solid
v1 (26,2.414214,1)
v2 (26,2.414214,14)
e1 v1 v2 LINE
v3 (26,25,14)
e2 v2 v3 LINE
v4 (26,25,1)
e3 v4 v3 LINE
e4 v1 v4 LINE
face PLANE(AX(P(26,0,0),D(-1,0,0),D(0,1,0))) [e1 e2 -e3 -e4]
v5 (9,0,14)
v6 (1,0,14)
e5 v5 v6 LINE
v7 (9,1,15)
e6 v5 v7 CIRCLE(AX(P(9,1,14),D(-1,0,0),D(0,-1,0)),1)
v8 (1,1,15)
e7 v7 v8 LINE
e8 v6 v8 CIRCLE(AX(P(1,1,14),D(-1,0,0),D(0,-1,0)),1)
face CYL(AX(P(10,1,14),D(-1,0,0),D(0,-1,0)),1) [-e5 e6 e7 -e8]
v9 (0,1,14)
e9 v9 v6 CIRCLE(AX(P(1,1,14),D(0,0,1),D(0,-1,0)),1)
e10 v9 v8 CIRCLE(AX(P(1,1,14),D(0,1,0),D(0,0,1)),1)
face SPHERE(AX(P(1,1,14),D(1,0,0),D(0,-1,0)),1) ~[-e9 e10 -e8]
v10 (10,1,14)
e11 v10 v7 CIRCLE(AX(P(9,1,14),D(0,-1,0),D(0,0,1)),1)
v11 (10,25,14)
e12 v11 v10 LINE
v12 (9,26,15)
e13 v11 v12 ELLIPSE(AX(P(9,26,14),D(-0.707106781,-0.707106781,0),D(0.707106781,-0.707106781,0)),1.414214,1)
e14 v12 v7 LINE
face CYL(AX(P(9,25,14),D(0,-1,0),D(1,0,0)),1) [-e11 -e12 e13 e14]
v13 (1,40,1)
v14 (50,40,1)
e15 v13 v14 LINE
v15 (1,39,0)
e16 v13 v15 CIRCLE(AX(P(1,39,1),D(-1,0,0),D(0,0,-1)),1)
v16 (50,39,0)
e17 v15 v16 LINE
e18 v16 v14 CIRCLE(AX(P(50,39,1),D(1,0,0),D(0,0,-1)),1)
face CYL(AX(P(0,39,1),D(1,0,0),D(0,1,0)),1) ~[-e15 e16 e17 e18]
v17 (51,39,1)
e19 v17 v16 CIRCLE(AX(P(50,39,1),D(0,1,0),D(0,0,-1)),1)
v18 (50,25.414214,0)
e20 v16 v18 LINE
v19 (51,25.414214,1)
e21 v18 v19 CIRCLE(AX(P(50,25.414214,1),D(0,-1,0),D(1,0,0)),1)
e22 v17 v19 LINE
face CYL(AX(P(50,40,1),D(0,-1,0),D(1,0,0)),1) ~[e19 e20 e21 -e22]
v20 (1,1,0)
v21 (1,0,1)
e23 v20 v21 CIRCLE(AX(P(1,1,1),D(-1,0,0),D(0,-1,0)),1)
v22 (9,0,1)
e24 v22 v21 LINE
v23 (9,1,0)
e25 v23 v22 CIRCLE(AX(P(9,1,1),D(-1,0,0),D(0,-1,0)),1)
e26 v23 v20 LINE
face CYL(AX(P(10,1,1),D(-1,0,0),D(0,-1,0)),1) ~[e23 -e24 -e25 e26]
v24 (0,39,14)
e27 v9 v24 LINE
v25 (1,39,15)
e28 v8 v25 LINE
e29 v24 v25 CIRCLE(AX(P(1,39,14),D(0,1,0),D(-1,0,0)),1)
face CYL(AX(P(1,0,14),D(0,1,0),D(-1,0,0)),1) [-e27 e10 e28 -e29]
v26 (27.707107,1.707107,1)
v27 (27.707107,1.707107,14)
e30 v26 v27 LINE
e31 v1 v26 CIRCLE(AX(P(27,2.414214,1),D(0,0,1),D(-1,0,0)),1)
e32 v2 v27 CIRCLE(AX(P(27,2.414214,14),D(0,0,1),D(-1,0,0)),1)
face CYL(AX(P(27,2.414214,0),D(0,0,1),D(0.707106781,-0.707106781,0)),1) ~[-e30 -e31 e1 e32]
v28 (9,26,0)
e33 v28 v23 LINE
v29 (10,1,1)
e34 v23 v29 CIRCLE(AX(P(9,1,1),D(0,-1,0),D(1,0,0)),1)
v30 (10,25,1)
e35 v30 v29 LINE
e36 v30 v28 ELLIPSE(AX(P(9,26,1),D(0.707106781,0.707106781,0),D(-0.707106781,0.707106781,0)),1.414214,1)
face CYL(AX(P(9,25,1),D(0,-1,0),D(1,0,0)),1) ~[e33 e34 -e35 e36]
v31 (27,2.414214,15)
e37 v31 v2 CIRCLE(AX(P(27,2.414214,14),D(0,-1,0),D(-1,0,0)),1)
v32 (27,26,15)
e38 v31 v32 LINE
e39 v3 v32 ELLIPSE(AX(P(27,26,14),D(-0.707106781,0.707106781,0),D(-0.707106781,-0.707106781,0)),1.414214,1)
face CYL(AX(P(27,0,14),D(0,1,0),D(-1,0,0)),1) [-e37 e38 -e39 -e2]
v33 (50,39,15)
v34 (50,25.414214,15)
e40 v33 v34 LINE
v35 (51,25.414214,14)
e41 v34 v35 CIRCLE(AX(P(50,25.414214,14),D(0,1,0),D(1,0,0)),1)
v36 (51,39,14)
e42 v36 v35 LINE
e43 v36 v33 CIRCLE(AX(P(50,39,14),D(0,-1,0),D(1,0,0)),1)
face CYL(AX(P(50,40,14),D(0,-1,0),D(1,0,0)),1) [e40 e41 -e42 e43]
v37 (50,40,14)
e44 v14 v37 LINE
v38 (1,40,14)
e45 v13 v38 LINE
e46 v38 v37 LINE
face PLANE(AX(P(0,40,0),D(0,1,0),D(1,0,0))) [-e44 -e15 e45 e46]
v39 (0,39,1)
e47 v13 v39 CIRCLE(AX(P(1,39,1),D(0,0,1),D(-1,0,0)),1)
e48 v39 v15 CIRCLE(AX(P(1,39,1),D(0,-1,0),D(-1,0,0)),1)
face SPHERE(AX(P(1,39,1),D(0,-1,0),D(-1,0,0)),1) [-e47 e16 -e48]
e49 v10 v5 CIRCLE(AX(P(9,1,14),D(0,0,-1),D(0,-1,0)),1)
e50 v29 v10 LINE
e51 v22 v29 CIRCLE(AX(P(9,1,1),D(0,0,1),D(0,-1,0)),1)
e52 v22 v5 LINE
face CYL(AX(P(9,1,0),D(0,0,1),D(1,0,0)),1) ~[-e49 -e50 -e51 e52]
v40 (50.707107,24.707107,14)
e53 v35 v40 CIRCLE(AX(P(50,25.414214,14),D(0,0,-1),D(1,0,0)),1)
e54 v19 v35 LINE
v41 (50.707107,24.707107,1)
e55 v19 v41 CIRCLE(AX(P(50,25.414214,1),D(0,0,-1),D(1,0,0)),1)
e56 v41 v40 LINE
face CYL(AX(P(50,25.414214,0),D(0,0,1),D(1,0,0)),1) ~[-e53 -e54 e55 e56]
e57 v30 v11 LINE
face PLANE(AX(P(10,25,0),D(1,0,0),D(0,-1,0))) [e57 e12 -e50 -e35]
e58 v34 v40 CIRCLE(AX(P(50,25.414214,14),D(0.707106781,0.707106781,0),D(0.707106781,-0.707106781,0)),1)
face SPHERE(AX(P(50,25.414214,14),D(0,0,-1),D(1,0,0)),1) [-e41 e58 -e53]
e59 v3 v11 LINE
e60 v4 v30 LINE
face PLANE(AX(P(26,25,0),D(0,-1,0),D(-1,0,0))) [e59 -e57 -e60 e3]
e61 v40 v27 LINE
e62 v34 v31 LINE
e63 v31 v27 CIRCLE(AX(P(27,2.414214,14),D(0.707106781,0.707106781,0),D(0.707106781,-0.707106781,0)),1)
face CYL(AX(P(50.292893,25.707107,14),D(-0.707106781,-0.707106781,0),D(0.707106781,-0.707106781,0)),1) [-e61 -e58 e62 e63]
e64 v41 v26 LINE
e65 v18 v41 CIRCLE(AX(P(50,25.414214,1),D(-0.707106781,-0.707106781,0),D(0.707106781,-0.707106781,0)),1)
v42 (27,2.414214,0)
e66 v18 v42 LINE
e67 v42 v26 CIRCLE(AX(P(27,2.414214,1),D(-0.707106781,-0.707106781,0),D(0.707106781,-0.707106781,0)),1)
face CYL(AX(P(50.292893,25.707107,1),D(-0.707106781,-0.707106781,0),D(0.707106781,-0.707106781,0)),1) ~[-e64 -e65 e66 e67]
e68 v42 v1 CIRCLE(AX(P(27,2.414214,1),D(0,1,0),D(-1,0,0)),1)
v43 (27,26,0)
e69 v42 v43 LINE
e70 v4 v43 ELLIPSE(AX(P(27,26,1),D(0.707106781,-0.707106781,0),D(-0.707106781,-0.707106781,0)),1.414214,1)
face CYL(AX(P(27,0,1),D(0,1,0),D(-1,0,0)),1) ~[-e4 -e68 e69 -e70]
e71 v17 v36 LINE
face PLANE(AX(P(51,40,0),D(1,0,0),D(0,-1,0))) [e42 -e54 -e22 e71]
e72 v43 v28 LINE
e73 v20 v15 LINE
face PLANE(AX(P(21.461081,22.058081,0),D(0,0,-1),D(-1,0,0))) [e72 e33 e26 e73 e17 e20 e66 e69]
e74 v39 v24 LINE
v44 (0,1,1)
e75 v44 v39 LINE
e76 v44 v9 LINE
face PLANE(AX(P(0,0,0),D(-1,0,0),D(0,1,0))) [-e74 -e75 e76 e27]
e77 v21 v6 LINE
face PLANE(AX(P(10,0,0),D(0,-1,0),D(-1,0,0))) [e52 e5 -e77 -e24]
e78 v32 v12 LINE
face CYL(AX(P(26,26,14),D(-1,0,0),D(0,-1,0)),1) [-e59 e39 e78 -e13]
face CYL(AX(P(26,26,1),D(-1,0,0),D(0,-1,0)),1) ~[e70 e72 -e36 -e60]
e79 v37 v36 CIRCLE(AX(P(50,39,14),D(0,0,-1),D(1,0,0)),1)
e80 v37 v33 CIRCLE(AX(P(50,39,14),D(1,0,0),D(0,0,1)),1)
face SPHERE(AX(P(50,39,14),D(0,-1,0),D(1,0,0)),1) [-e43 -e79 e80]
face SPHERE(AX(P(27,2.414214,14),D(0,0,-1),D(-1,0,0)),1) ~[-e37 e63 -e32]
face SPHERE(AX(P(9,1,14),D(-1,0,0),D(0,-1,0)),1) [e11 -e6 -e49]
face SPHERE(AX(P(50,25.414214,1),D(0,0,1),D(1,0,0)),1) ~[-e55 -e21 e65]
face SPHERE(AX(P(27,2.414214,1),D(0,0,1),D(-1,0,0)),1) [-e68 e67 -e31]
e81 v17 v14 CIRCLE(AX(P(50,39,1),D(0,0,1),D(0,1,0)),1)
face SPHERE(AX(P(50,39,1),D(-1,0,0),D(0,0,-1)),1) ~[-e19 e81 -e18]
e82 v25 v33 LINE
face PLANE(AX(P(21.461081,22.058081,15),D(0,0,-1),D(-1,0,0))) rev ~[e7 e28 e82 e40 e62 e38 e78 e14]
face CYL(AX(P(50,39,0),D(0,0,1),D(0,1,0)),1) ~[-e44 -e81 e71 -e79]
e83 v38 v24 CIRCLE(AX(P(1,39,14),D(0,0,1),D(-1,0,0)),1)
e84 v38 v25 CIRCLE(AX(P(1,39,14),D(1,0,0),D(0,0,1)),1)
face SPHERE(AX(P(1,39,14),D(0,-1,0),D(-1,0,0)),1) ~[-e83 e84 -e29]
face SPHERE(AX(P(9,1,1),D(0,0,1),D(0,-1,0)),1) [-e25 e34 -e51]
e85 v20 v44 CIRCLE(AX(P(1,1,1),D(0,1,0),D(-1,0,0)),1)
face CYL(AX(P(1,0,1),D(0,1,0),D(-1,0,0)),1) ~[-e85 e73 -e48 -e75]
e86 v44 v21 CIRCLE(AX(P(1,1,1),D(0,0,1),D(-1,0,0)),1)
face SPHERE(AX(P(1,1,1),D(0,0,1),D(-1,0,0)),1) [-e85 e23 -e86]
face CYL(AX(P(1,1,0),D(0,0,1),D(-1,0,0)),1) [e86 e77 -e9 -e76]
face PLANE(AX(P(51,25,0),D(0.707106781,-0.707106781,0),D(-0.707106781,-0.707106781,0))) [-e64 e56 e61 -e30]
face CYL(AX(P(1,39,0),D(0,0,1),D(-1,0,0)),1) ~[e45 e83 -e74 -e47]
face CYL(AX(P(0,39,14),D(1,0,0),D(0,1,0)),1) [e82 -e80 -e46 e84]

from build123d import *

# Parameters (mm, degrees)
PAD_DEPTH = 15
FILLET_R  = 1


with BuildPart() as part:
    # Sketch → Pad (new body)
    with BuildSketch(Plane.XY):
        Polygon((0, 0), (0, 40), (51, 40), (51, 25), (26, 0), (26, 25), (10, 25), (10, 0), align=None)
    extrude(amount=PAD_DEPTH)

    # Fillet
    fillet_edges = [part.edges().sort_by_distance(p)[0] for p in [
        (5, 0, 15),
        (0, 0, 7.5),
        (10, 0, 7.5),
        (10, 12.5, 15),
        (18, 25, 15),
        (26, 12.5, 15),
        (38.5, 12.5, 15),
        (38.5, 12.5, 0),
        (26, 0, 7.5),
        (51, 25, 7.5),
        (0, 20, 15),
        (0, 20, 0),
        (0, 40, 7.5),
        (51, 32.5, 15),
        (18, 25, 0),
        (5, 0, 0),
        (10, 12.5, 0),
        (26, 12.5, 0),
        (25.5, 40, 0),
        (51, 32.5, 0),
        (51, 40, 7.5),
        (25.5, 40, 15),
    ]]
    fillet(fillet_edges, radius=FILLET_R)


solid = part.part
